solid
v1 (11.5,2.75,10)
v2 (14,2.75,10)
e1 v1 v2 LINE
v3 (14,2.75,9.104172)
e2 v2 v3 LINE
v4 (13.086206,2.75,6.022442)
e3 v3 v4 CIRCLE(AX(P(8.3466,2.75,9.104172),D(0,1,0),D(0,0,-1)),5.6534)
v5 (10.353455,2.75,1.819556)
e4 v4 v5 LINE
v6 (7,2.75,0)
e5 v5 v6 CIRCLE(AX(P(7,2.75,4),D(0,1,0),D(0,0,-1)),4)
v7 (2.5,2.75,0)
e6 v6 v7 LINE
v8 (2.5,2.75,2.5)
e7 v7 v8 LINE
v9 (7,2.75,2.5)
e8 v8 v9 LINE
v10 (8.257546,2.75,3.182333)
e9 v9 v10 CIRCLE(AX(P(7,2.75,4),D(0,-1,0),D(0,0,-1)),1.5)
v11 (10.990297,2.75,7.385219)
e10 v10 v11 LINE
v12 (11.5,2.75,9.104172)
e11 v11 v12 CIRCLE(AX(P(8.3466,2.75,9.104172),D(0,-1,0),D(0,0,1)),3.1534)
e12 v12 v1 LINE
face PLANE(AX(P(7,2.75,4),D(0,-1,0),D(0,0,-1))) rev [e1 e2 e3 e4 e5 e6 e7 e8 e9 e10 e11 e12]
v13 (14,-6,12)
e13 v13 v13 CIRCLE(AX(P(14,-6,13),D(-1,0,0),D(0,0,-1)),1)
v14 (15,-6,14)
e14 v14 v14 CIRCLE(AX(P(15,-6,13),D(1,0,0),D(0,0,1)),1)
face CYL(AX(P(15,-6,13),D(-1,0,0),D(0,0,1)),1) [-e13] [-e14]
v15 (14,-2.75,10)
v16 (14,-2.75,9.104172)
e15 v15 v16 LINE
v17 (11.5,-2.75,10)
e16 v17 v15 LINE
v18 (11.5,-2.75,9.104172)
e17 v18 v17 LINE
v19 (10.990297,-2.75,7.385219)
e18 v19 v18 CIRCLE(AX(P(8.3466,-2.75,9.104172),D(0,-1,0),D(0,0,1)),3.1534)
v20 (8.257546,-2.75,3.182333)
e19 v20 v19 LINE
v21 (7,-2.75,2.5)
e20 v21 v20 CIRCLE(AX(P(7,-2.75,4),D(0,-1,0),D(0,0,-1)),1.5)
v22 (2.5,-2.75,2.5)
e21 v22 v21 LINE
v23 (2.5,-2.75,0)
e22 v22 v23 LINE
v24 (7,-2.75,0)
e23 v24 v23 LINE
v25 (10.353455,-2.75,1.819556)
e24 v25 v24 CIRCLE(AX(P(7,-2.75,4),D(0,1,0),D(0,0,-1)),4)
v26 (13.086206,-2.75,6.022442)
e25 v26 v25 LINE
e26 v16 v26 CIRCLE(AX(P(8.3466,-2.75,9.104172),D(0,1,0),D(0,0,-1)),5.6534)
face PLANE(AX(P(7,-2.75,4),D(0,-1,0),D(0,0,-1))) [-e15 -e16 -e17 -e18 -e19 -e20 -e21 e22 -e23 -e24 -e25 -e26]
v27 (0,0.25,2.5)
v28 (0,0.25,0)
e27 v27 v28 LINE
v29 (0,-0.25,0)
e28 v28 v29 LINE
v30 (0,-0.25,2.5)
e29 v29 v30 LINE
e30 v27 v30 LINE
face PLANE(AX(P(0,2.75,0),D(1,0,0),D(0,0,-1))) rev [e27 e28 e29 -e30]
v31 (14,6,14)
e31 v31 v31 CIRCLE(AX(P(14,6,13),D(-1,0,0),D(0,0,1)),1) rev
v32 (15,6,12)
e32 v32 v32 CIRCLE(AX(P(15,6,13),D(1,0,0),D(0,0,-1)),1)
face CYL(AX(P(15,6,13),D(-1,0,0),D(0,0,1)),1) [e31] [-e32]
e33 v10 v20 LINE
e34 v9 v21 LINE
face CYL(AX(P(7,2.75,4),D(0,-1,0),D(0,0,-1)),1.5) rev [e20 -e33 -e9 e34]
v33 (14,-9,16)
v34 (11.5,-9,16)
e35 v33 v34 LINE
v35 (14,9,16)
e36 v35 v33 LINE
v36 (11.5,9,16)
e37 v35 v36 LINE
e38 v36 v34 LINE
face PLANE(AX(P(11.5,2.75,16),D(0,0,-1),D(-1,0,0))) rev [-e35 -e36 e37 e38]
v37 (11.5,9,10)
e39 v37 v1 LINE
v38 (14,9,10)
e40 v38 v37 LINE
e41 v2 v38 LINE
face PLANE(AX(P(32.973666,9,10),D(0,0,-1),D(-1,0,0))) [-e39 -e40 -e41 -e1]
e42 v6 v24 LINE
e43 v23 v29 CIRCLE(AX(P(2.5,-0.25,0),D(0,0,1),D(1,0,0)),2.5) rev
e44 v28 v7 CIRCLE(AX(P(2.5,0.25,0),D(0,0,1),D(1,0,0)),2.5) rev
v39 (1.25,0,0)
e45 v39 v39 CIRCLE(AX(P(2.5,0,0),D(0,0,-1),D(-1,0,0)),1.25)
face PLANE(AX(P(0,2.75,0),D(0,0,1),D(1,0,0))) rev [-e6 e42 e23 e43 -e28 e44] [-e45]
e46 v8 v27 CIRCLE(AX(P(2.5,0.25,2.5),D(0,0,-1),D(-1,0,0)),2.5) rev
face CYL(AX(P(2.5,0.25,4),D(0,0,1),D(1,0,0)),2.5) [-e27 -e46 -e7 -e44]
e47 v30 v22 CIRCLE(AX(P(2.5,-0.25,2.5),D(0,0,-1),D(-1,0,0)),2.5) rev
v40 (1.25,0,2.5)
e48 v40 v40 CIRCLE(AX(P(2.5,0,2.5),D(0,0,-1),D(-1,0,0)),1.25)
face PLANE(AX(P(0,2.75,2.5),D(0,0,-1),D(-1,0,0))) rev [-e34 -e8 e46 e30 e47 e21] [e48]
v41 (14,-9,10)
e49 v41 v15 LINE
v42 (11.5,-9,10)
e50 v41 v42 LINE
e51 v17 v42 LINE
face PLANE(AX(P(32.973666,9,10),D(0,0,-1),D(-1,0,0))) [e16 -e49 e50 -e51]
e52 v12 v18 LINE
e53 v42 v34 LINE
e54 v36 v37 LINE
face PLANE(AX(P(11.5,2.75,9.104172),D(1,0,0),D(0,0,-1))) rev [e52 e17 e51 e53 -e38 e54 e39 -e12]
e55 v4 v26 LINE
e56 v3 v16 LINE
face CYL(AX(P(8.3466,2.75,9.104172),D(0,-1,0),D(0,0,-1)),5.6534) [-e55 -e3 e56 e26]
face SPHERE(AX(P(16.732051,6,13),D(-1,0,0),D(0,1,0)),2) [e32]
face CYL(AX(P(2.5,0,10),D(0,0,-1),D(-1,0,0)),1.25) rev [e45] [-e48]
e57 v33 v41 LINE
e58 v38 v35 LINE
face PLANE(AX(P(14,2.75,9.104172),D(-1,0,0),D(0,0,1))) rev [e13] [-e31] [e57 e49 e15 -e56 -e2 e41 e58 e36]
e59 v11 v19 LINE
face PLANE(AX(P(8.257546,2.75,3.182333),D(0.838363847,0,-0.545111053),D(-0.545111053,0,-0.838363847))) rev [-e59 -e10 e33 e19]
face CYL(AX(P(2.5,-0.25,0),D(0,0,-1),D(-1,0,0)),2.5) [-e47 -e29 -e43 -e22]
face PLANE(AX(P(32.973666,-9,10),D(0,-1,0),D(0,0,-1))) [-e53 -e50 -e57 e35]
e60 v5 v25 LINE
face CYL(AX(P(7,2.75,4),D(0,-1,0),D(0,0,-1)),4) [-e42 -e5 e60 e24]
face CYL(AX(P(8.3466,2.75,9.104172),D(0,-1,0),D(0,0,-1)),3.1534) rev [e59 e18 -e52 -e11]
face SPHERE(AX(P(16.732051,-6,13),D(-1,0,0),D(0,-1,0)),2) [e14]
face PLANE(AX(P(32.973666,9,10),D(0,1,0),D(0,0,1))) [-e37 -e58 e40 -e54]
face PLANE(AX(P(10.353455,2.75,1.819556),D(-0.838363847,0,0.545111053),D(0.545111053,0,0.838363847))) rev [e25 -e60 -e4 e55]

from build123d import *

# Parameters (mm, degrees)
EXTRUDE_1_DEPTH     = 2.75
SKETCH_2_R          = 1.25
CUT_EXTRUDE_1_DEPTH = 10
FILLET_2_R          = 2.5
SKETCH_4_W          = 6
SKETCH_4_H          = 18
EXTRUDE_2_DEPTH     = 2.5
SKETCH_5_R          = 1
EXTRUDE_3_DEPTH     = 1


with BuildPart() as part:
    # 草图1 → 凸台-拉伸1 (new, symmetric)
    with BuildSketch(Plane(origin=(0, 0, 0), x_dir=(1, 0, 0), z_dir=(0, 1, 0))):
        with BuildLine():
            Line((0, 0), (7, 0))
            ThreePointArc((7, 0), (8.907645559, -0.484194485), (10.353455389, -1.819555789))
            Line((10.353455389, -1.819555789), (13.08620622, -6.022441585))
            ThreePointArc((13.08620622, -6.022441585), (13.76673936, -7.496994372), (14, -9.104172255))
            Line((14, -9.104172255), (14, -16))
            Line((14, -16), (11.5, -16))
            Line((11.5, -16), (11.5, -9.104172255))
            ThreePointArc((11.5, -9.104172255), (11.369889965, -8.207707378), (10.990296602, -7.385219216))
            Line((10.990296602, -7.385219216), (8.257545771, -3.182333421))
            ThreePointArc((8.257545771, -3.182333421), (7.715367085, -2.681572932), (7, -2.5))
            Line((7, -2.5), (0, -2.5))
            Line((0, -2.5), (0, 0))
        make_face()
    extrude(amount=EXTRUDE_1_DEPTH, both=True)

    # 草图2 → 切除-拉伸1 (cut)
    with BuildSketch(Plane(origin=(0, 0, 0), x_dir=(-1, 0, 0), z_dir=(0, 0, -1))):
        with Locations((-2.5, 0)):
            Circle(SKETCH_2_R)
    extrude(amount=-CUT_EXTRUDE_1_DEPTH, mode=Mode.SUBTRACT)

    # 圆角2
    fillet_2_edges = [part.edges().sort_by_distance(p)[0] for p in [
        (0, -2.75, 1.25),
        (0, 2.75, 1.25),
    ]]
    fillet(fillet_2_edges, radius=FILLET_2_R)

    # 草图4 → 凸台-拉伸2 (add)
    with BuildSketch(Plane.ZY.offset(-11.5)):
        with Locations((13, 0)):
            Rectangle(SKETCH_4_W, SKETCH_4_H)
    extrude(amount=-EXTRUDE_2_DEPTH)

    # 草图5 → 凸台-拉伸3 (add)
    with BuildSketch(Plane(origin=(14, 0, 0), x_dir=(0, 0, -1), z_dir=(1, 0, 0))):
        with Locations(Location((-13, 6, 0), (0, 0, 180))):
            Circle(SKETCH_5_R)
    extrude_3 = extrude(amount=EXTRUDE_3_DEPTH)

    # 草图6 → 旋转1 (revolve)
    with BuildSketch(Plane(origin=(0, 0, 13), x_dir=(-1, 0, 0), z_dir=(0, 0, -1))):
        with BuildLine():
            Line((-15, 6), (-18.732050808, 6))
            ThreePointArc((-18.732050808, 6), (-17.249688898, 7.931851653), (-15, 7))
            Line((-15, 7), (-15, 6))
        make_face()
    revolve_1 = revolve(axis=Axis((15, 6, 13), (1, 0, 0)))

    # 镜向1: 凸台-拉伸3, 旋转1 across plane
    add(extrude_3.mirror(Plane.ZX))
    add(revolve_1.mirror(Plane.ZX))


solid = part.part
